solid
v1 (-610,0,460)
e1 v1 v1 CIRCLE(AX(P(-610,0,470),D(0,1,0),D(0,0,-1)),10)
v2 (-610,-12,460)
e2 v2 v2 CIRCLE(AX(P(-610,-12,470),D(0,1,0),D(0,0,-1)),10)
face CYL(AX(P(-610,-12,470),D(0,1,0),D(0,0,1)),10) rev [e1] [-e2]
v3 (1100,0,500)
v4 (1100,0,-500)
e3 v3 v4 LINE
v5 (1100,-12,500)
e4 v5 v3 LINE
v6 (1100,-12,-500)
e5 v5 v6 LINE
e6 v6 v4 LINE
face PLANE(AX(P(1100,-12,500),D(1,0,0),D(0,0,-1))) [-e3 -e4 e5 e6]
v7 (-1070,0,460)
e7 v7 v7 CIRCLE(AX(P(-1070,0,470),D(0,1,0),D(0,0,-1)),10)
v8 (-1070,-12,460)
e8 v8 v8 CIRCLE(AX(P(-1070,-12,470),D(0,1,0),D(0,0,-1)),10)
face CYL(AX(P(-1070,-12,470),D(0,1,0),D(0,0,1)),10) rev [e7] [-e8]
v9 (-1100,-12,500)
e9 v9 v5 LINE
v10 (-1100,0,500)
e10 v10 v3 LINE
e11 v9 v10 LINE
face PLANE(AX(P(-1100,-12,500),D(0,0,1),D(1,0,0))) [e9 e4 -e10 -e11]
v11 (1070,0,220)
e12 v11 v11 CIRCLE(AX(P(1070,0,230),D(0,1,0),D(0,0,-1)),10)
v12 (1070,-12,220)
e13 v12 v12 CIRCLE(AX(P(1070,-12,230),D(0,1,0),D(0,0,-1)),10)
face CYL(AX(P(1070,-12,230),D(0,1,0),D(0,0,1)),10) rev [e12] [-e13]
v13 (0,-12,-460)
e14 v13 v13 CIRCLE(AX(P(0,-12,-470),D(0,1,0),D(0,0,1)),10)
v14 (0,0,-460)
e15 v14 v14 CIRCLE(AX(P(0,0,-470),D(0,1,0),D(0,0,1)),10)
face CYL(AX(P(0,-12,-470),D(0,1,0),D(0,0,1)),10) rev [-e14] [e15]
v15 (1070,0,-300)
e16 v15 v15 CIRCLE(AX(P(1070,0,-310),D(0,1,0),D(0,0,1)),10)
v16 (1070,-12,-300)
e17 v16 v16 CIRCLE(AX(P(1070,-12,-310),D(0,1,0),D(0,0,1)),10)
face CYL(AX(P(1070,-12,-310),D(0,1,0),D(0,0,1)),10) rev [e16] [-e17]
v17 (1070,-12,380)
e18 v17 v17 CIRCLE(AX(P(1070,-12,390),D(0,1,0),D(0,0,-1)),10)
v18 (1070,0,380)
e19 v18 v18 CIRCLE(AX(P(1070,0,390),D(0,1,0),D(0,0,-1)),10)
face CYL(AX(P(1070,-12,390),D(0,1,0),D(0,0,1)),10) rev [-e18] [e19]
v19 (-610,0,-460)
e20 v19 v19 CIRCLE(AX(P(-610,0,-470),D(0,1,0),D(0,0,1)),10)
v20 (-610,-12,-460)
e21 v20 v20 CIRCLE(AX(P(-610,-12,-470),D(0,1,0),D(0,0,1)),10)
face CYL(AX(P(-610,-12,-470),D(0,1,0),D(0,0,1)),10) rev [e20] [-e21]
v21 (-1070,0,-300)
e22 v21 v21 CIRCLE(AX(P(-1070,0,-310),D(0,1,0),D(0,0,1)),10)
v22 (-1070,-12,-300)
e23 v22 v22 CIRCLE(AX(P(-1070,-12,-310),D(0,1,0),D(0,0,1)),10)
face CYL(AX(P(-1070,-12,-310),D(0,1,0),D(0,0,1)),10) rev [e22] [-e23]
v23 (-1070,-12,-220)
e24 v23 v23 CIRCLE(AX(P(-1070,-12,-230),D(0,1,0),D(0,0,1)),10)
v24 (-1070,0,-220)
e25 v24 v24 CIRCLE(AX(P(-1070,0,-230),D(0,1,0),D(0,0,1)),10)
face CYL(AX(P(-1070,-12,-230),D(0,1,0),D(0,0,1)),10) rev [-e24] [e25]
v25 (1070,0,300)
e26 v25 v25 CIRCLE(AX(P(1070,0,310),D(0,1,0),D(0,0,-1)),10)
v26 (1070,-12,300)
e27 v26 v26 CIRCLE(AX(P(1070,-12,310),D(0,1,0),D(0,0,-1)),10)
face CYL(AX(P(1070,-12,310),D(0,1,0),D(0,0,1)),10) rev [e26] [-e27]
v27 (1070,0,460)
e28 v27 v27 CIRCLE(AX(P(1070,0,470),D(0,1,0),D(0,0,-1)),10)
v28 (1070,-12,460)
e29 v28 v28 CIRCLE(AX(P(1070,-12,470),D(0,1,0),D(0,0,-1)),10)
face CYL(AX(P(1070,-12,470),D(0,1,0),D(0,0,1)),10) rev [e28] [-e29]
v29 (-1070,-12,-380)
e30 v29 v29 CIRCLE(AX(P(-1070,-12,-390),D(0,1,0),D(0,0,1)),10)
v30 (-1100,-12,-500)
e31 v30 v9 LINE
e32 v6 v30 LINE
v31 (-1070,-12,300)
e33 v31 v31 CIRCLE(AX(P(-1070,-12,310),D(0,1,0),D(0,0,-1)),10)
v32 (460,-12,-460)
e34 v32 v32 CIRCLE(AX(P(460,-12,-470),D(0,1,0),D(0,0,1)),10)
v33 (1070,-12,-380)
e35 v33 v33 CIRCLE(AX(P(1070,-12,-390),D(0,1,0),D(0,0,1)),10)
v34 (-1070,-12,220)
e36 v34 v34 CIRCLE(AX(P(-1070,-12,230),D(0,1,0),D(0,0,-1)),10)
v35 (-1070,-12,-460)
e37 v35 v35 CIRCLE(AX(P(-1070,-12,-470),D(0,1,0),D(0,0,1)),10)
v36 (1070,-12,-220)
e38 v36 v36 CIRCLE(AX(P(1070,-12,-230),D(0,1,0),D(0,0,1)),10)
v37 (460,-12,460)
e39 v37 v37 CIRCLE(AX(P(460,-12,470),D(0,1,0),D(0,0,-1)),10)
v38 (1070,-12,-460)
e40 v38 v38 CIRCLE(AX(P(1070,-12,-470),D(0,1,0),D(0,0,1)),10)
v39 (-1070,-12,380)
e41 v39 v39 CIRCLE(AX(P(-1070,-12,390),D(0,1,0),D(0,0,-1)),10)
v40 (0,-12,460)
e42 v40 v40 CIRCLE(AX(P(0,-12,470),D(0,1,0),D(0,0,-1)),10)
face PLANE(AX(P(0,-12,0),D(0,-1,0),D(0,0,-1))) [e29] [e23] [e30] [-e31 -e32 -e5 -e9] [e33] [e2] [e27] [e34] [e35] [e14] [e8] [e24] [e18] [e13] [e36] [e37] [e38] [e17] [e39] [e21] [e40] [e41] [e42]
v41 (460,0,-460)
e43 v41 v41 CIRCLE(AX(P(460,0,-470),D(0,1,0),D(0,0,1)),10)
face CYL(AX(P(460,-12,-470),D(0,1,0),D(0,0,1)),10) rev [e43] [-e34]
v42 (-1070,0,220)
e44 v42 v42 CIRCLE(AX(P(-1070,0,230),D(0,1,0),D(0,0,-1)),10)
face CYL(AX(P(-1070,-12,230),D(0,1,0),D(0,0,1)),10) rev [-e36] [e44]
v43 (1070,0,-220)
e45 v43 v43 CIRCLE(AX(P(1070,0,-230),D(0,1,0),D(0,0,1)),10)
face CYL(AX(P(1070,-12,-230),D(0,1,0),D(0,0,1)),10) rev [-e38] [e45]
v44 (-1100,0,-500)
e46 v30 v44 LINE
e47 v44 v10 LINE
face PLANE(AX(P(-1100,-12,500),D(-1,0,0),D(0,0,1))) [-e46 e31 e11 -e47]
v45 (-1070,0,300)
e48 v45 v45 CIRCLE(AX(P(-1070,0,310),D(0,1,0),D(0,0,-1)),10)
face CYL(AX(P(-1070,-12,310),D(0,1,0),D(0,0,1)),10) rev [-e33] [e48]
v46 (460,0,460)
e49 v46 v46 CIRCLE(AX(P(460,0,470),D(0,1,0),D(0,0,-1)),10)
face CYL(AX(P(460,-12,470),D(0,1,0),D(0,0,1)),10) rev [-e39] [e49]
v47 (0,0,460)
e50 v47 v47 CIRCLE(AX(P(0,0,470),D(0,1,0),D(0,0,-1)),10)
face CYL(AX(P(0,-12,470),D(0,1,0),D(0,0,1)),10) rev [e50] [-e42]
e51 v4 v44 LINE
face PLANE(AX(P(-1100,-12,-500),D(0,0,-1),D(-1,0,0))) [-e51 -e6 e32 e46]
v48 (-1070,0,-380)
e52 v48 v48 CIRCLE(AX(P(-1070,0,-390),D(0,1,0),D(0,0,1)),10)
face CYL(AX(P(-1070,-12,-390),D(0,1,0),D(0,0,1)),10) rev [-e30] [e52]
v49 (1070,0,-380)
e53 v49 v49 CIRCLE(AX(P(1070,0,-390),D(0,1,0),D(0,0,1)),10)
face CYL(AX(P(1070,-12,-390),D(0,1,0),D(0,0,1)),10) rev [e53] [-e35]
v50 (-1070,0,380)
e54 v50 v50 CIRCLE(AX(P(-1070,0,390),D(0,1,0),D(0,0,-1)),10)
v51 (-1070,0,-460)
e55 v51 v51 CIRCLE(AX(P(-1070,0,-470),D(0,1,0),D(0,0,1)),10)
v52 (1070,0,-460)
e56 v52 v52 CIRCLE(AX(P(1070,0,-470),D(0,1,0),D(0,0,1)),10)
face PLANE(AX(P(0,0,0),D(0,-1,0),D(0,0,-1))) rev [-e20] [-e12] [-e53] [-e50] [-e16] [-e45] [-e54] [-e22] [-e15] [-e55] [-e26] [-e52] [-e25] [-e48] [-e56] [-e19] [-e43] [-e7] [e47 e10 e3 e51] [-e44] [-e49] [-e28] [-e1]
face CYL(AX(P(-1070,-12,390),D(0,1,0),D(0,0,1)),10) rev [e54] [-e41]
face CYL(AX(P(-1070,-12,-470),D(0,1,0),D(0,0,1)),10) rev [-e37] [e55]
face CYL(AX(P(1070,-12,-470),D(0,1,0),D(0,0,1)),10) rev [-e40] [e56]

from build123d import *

# Parameters (mm, degrees)
SKETCH1_W           = 2200
SKETCH1_H           = 1000
SKETCH1_R           = 10
BOSS_EXTRUDE1_DEPTH = 12


with BuildPart() as part:
    # Sketch1 → Boss-Extrude1 (new body)
    with BuildSketch(Plane(origin=(0, 0, 0), x_dir=(1, 0, 0), z_dir=(0, 1, 0))):
        Rectangle(SKETCH1_W, SKETCH1_H)
        with Locations((-1070, 470)):
            Circle(SKETCH1_R, mode=Mode.SUBTRACT)
        with Locations((1070, 470)):
            Circle(SKETCH1_R, mode=Mode.SUBTRACT)
        with Locations((1070, 230)):
            Circle(SKETCH1_R, mode=Mode.SUBTRACT)
        with Locations((1070, 310)):
            Circle(SKETCH1_R, mode=Mode.SUBTRACT)
        with Locations((1070, 390)):
            Circle(SKETCH1_R, mode=Mode.SUBTRACT)
        with Locations((460, 470)):
            Circle(SKETCH1_R, mode=Mode.SUBTRACT)
        with Locations((0, 470)):
            Circle(SKETCH1_R, mode=Mode.SUBTRACT)
        with Locations((-610, 470)):
            Circle(SKETCH1_R, mode=Mode.SUBTRACT)
        with Locations((-1070, 390)):
            Circle(SKETCH1_R, mode=Mode.SUBTRACT)
        with Locations((-1070, 230)):
            Circle(SKETCH1_R, mode=Mode.SUBTRACT)
        with Locations((-1070, 310)):
            Circle(SKETCH1_R, mode=Mode.SUBTRACT)
        with Locations((1070, -230)):
            Circle(SKETCH1_R, mode=Mode.SUBTRACT)
        with Locations((1070, -310)):
            Circle(SKETCH1_R, mode=Mode.SUBTRACT)
        with Locations((1070, -390)):
            Circle(SKETCH1_R, mode=Mode.SUBTRACT)
        with Locations((1070, -470)):
            Circle(SKETCH1_R, mode=Mode.SUBTRACT)
        with Locations((460, -470)):
            Circle(SKETCH1_R, mode=Mode.SUBTRACT)
        with Locations((0, -470)):
            Circle(SKETCH1_R, mode=Mode.SUBTRACT)
        with Locations((-610, -470)):
            Circle(SKETCH1_R, mode=Mode.SUBTRACT)
        with Locations((-1070, -470)):
            Circle(SKETCH1_R, mode=Mode.SUBTRACT)
        with Locations((-1070, -390)):
            Circle(SKETCH1_R, mode=Mode.SUBTRACT)
        with Locations((-1070, -310)):
            Circle(SKETCH1_R, mode=Mode.SUBTRACT)
        with Locations((-1070, -230)):
            Circle(SKETCH1_R, mode=Mode.SUBTRACT)
    extrude(amount=-BOSS_EXTRUDE1_DEPTH)


solid = part.part
